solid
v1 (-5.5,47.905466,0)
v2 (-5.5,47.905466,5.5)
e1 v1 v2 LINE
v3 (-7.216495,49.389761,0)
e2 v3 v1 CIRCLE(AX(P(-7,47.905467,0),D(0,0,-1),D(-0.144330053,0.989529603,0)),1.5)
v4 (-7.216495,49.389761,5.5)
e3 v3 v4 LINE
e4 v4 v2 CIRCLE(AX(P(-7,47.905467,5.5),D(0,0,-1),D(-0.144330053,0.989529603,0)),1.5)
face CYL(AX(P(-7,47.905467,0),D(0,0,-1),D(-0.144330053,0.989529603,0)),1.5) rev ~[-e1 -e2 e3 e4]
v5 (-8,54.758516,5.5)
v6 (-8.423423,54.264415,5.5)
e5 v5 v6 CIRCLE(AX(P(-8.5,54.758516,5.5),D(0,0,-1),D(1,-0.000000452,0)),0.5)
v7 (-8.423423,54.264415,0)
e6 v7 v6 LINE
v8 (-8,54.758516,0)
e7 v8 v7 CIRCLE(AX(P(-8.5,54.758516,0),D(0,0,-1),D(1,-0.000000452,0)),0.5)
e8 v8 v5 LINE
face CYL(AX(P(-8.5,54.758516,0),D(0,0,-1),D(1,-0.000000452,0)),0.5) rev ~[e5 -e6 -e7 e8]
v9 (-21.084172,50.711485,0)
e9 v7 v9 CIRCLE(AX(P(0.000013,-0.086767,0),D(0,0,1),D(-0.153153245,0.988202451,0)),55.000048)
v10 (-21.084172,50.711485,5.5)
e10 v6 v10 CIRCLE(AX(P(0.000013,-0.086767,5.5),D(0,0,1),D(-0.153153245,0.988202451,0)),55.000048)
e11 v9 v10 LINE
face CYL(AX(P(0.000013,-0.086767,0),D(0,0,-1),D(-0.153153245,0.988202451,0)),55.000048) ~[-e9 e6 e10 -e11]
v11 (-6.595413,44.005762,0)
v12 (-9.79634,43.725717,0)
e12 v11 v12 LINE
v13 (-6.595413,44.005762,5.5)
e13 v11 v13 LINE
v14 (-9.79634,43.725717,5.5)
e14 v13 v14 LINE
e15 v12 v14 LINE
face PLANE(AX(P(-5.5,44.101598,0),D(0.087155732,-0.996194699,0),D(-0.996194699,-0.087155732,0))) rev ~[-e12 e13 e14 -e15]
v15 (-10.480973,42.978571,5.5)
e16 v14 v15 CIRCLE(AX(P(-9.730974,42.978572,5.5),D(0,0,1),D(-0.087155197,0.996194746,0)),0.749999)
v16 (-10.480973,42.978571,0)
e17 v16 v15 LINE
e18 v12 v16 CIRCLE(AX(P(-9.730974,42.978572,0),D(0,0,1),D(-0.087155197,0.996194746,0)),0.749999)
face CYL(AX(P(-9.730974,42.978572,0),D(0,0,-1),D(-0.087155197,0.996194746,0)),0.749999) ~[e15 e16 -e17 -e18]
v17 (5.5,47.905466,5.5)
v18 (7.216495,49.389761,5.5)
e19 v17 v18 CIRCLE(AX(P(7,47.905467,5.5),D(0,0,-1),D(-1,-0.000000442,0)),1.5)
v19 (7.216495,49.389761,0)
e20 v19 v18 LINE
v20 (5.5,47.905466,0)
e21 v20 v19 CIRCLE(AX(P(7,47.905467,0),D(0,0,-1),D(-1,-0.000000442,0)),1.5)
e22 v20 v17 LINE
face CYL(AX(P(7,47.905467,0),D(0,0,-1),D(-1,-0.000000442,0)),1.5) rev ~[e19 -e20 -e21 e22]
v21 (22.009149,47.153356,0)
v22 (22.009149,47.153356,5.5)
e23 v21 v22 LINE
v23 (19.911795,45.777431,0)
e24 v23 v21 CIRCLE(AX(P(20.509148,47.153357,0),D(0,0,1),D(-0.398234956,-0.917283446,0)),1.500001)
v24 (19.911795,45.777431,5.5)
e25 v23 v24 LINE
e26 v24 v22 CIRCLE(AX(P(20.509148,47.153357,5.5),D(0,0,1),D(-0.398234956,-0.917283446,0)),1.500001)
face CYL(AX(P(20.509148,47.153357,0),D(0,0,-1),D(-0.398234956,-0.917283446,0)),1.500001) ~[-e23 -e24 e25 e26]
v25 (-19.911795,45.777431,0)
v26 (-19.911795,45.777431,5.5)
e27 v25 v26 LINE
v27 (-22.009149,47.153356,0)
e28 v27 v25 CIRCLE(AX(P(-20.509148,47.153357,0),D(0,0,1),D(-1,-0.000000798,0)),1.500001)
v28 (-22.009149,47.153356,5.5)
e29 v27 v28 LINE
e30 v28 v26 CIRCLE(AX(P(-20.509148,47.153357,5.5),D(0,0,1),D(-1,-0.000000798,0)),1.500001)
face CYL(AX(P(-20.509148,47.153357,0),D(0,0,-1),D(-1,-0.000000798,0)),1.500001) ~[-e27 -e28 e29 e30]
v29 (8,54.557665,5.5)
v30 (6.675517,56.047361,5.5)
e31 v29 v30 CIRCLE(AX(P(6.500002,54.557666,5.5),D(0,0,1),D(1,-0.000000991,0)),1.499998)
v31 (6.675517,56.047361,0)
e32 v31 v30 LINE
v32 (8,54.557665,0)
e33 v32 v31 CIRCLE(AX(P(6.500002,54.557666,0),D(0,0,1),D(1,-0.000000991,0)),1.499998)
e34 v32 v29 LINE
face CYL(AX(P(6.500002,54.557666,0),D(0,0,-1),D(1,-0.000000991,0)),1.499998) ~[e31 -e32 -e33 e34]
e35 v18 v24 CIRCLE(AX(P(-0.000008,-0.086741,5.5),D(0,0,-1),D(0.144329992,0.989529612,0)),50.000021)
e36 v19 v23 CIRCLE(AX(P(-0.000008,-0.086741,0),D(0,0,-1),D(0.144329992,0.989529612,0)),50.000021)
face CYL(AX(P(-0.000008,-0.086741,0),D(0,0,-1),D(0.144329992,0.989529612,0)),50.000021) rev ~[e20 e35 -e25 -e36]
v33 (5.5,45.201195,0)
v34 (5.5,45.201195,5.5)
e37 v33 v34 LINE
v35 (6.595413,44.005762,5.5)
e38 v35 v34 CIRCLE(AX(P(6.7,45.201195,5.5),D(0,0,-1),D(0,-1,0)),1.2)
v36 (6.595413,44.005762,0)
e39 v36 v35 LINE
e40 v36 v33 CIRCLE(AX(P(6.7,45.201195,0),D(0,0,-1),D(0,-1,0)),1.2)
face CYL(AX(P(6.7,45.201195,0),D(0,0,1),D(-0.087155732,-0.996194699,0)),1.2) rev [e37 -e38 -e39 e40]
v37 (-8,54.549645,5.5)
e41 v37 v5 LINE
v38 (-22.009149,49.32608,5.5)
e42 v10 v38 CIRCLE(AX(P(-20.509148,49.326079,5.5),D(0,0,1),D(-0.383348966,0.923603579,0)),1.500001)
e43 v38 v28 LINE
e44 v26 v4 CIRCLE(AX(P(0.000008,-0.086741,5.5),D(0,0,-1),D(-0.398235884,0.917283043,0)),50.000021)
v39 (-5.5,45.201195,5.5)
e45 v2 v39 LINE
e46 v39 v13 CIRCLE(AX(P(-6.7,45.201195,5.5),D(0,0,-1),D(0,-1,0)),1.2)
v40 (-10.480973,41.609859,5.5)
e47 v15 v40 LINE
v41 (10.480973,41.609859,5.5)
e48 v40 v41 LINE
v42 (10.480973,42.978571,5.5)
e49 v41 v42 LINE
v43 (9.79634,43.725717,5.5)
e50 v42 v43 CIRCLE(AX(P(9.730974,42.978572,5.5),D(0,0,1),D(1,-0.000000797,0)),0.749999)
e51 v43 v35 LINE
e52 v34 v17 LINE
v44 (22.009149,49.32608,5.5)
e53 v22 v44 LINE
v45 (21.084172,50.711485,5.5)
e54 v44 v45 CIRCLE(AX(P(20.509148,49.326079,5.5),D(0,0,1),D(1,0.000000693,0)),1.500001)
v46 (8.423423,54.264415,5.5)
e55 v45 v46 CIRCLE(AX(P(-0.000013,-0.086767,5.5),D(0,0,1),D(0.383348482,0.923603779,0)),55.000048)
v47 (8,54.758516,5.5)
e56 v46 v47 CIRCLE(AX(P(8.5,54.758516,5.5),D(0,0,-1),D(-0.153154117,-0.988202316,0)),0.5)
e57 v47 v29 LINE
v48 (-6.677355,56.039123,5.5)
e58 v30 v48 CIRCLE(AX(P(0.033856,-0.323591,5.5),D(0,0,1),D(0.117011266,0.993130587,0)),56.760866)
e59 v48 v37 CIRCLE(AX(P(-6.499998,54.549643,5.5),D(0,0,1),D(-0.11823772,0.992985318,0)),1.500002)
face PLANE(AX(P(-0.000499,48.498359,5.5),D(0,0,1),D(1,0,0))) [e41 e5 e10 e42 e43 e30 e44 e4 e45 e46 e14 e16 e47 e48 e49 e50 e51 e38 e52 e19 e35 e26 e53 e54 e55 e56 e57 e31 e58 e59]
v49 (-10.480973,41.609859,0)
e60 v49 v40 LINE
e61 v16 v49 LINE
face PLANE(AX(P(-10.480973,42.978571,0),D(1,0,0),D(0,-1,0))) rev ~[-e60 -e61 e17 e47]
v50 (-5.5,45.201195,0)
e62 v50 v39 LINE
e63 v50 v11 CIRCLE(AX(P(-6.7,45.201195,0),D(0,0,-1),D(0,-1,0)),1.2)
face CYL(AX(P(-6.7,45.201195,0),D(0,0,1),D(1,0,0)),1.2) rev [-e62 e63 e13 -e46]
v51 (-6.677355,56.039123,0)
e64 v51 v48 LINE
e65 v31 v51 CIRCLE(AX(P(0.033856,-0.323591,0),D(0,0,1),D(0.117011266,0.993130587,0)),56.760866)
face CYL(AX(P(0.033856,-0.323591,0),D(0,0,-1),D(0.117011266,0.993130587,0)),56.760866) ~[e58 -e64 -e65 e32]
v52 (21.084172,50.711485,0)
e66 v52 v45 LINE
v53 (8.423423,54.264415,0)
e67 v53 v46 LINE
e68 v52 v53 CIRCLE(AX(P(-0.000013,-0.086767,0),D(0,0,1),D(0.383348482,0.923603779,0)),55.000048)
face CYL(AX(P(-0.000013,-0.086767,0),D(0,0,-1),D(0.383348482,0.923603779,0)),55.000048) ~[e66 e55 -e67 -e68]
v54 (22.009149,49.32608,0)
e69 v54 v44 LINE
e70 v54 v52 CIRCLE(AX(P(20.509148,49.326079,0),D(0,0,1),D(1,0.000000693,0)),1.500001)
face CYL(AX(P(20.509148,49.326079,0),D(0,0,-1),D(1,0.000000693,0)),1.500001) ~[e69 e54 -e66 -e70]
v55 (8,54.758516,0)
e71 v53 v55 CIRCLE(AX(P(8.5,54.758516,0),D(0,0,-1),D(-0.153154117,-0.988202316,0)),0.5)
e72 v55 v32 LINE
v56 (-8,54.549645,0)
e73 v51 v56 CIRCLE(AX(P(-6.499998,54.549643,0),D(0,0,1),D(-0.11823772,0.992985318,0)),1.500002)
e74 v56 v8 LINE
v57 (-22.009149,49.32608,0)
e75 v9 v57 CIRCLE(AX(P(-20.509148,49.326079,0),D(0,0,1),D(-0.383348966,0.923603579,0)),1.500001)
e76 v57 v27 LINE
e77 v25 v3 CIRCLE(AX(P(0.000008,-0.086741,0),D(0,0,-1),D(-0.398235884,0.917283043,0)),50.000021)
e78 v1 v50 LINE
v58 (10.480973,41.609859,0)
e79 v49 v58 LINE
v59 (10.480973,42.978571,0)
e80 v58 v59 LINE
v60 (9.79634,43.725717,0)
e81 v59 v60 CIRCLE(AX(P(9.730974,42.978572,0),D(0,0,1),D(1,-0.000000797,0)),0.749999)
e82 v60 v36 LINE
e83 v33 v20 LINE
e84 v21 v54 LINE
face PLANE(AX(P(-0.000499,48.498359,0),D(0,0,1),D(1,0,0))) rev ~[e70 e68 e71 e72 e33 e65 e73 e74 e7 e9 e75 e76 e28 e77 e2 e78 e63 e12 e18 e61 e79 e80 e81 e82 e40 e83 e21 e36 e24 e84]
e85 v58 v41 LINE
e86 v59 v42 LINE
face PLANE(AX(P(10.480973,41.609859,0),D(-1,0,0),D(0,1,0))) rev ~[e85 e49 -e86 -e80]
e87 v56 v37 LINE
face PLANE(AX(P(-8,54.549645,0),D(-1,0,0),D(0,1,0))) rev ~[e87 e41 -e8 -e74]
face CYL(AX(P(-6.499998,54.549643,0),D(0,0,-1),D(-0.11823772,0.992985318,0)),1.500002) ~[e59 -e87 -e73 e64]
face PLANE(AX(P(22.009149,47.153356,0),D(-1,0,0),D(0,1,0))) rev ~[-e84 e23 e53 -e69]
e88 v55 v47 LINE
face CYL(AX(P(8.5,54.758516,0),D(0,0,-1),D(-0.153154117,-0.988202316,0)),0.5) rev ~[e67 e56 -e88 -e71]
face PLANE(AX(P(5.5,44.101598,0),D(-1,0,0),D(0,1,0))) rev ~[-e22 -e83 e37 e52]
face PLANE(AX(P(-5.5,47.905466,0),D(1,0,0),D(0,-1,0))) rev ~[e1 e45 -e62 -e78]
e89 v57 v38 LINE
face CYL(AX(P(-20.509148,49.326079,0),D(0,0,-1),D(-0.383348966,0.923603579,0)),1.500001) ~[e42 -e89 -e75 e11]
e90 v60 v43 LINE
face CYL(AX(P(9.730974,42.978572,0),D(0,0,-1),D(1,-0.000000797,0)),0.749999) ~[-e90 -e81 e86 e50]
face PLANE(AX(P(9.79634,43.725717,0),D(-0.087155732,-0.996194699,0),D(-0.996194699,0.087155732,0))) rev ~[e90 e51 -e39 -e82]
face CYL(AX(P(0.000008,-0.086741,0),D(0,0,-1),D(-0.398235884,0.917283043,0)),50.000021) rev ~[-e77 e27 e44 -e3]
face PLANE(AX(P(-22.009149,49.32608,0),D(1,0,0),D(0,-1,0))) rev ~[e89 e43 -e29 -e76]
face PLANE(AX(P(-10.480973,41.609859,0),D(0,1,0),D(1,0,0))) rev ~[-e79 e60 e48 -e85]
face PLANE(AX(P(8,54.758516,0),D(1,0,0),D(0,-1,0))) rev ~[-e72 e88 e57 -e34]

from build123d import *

# Parameters (mm, degrees)
F1_DEPTH = 5.5
F2_R     = 1.2


with BuildPart() as f1:
    # F0 (on Top) → F1 (new body)
    with BuildSketch(Plane.XY):
        with BuildLine():
            ThreePointArc((-19.911795, 45.777431), (-13.683868, 48.004357), (-7.216495, 49.389761))
            ThreePointArc((-7.216495, 49.389761), (-6.018863, 49.04009), (-5.5, 47.905466))
            Line((-5.5, 47.905466), (-5.5, 44.101598))
            Line((-5.5, 44.101598), (-9.79634, 43.725717))
            ThreePointArc((-9.79634, 43.725717), (-10.283931, 43.485264), (-10.480973, 42.978571))
            Line((-10.480973, 42.978571), (-10.480973, 41.609859))
            Line((-10.480973, 41.609859), (-5.5, 41.609859))
            Line((-5.5, 41.609859), (5.5, 41.609859))
            Line((5.5, 41.609859), (10.480973, 41.609859))
            Line((10.480973, 41.609859), (10.480973, 42.978571))
            ThreePointArc((10.480973, 42.978571), (10.283931, 43.485264), (9.79634, 43.725717))
            Line((9.79634, 43.725717), (5.5, 44.101598))
            Line((5.5, 44.101598), (5.5, 47.905466))
            ThreePointArc((5.5, 47.905466), (6.018863, 49.04009), (7.216495, 49.389761))
            ThreePointArc((7.216495, 49.389761), (13.683868, 48.004357), (19.911795, 45.777431))
            ThreePointArc((19.911795, 45.777431), (21.331939, 45.899157), (22.009149, 47.153356))
            Line((22.009149, 47.153356), (22.009149, 49.32608))
            ThreePointArc((22.009149, 49.32608), (21.756653, 50.158986), (21.084172, 50.711485))
            ThreePointArc((21.084172, 50.711485), (14.860362, 52.86769), (8.423423, 54.264415))
            ThreePointArc((8.423423, 54.264415), (8.120337, 54.433161), (8, 54.758516))
            Line((8, 54.758516), (8, 54.557665))
            ThreePointArc((8, 54.557665), (7.620999, 55.554341), (6.675517, 56.047361))
            ThreePointArc((6.675517, 56.047361), (-0.001162, 56.437264), (-6.677355, 56.039123))
            ThreePointArc((-6.677355, 56.039123), (-7.621613, 55.545628), (-8, 54.549645))
            Line((-8, 54.549645), (-8, 54.758516))
            ThreePointArc((-8, 54.758516), (-8.120337, 54.433161), (-8.423423, 54.264415))
            ThreePointArc((-8.423423, 54.264415), (-14.860362, 52.86769), (-21.084172, 50.711485))
            ThreePointArc((-21.084172, 50.711485), (-21.756653, 50.158986), (-22.009149, 49.32608))
            Line((-22.009149, 49.32608), (-22.009149, 47.153356))
            ThreePointArc((-22.009149, 47.153356), (-21.331939, 45.899157), (-19.911795, 45.777431))
        make_face()
    extrude(amount=F1_DEPTH)

    # F2
    f2_edges = [f1.edges().sort_by_distance(p)[0] for p in [
        (5.5, 44.101598, 2.75),
        (-5.5, 44.101598, 2.75),
    ]]
    fillet(f2_edges, radius=F2_R)


solid = f1.part
